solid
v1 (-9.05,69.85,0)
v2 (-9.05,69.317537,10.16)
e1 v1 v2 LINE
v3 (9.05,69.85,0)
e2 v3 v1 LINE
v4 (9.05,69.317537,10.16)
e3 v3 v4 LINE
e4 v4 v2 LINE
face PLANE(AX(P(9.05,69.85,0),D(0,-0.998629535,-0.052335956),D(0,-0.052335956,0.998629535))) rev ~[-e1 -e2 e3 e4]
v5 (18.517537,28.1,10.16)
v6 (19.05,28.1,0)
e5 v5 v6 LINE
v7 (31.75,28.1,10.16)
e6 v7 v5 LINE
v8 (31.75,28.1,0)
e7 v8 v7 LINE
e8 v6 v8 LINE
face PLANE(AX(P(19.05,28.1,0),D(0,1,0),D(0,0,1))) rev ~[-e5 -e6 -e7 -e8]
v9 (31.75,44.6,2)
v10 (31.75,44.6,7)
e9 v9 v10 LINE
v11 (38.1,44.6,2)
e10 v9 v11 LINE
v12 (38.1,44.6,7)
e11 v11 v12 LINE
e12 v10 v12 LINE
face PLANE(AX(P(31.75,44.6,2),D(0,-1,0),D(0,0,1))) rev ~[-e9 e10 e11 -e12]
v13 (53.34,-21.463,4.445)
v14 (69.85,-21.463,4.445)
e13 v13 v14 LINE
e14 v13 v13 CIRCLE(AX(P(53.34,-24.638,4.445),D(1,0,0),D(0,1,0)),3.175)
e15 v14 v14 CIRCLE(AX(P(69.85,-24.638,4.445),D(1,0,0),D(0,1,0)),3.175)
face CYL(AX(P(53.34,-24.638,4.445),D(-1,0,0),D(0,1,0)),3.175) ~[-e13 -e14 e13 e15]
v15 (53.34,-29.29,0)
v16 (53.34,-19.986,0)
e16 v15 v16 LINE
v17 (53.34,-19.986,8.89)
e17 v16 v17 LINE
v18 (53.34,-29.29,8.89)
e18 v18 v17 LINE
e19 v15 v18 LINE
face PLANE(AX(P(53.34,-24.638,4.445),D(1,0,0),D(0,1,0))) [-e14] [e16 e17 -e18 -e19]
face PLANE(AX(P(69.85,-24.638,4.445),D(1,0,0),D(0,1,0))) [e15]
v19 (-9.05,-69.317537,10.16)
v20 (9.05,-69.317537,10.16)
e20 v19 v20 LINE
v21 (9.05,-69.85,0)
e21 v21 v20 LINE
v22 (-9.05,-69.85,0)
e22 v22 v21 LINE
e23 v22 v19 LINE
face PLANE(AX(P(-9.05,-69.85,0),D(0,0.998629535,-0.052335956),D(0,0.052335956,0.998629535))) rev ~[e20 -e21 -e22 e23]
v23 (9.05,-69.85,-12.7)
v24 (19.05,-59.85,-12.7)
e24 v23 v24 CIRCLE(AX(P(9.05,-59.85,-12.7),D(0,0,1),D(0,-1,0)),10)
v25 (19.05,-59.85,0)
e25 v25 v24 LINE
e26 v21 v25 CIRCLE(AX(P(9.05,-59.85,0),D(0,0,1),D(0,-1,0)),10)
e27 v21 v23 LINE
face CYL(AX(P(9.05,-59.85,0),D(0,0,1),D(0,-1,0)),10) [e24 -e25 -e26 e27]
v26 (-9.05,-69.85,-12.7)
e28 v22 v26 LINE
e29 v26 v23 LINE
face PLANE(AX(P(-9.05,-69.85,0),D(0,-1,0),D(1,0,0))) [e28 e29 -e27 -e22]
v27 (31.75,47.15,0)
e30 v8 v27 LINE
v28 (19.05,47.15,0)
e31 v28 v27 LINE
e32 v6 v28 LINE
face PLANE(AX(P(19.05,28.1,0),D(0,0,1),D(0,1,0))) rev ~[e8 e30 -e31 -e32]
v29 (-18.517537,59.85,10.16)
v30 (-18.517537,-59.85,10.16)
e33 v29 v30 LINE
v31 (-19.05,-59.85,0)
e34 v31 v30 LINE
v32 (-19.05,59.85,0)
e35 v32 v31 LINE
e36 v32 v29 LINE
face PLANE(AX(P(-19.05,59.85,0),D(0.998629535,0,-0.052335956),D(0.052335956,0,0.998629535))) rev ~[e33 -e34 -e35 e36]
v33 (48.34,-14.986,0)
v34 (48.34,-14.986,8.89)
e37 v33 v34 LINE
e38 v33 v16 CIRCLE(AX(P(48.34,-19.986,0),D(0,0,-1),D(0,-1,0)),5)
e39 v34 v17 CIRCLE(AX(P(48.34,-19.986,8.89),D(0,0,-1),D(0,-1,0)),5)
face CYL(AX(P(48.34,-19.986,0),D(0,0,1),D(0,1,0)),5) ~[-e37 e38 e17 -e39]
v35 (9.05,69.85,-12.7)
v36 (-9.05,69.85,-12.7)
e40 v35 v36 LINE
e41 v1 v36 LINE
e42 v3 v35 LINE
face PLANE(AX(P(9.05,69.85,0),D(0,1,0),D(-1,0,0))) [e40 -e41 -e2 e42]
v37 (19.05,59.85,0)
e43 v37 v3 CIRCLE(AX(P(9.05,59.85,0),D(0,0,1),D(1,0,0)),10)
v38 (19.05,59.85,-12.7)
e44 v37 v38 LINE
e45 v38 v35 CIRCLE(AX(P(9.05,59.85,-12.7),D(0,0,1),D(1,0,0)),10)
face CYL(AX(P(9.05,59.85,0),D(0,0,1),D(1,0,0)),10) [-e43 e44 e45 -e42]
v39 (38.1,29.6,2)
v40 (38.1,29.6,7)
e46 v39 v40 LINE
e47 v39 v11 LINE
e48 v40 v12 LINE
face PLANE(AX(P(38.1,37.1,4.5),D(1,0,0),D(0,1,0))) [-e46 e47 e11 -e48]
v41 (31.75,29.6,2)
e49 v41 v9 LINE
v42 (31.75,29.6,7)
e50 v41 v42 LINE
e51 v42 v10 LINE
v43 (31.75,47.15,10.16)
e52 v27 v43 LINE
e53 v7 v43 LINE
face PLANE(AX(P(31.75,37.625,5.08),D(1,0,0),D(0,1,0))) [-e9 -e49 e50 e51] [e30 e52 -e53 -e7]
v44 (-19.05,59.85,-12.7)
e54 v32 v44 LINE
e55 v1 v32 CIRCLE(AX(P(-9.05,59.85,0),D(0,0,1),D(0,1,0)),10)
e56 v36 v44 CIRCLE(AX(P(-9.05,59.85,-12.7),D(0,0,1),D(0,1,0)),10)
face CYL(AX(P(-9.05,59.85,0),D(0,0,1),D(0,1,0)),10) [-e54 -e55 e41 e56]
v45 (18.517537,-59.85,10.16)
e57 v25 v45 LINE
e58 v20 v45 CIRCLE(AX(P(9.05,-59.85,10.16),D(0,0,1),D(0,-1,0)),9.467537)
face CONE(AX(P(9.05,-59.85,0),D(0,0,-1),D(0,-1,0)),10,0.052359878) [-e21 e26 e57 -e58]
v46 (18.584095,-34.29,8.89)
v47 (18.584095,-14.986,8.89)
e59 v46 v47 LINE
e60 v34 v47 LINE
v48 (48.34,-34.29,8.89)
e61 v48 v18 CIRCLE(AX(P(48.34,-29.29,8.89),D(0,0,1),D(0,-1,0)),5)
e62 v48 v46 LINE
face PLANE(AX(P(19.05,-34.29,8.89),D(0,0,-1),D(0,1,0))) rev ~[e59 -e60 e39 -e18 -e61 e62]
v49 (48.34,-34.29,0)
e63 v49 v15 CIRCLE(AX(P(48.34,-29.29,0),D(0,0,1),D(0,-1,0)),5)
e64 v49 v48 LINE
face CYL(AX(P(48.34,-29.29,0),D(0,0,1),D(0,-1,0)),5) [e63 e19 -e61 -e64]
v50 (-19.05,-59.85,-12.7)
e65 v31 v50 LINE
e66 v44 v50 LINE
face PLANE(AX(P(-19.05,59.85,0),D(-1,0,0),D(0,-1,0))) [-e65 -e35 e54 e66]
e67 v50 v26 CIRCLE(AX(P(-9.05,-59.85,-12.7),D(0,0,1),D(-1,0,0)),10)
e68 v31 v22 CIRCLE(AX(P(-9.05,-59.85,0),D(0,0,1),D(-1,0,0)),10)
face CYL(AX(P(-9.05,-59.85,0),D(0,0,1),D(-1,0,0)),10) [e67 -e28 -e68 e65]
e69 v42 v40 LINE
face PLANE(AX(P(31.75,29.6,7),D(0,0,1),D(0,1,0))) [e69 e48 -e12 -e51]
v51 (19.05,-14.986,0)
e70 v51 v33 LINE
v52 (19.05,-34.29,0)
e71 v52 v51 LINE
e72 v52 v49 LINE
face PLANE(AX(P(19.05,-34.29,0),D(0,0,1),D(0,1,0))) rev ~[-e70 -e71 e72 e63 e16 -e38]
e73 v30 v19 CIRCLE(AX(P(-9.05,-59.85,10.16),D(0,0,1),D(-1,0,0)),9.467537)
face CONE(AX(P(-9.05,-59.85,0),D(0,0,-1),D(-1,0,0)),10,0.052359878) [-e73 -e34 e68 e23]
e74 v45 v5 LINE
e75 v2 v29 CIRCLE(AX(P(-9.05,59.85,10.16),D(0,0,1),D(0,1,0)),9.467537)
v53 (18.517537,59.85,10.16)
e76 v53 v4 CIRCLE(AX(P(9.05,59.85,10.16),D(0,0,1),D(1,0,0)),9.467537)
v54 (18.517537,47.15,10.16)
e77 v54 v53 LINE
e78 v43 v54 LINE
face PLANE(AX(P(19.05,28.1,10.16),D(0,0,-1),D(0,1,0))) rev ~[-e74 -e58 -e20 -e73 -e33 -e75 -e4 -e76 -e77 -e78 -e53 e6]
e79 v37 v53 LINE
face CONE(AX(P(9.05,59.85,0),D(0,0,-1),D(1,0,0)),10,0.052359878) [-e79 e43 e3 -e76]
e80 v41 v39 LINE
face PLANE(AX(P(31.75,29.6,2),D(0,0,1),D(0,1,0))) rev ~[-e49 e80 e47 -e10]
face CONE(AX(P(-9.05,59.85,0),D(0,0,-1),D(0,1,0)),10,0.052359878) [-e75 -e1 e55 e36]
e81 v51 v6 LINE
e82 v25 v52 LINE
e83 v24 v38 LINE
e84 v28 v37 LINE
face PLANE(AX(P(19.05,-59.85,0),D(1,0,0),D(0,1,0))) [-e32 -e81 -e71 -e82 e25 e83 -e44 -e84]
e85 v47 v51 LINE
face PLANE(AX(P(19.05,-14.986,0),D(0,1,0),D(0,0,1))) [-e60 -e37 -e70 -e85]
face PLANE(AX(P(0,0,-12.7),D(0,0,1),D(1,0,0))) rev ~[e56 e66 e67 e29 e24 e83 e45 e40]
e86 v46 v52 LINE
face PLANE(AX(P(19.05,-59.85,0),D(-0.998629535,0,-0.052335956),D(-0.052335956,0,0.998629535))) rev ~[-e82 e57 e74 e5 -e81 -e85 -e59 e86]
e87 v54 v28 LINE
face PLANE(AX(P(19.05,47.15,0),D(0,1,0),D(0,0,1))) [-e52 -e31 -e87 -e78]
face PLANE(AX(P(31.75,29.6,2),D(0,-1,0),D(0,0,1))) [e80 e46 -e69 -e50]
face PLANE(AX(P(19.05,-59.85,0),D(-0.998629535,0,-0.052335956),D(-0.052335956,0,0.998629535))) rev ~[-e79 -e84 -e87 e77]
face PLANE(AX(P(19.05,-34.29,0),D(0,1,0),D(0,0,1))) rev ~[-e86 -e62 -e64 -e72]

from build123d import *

# Parameters (mm, degrees)
F1_DEPTH      = 12.7
F1_DEPTH_BACK = 10.16
F1_TAPER_BACK = 3
F2_W          = 19.304
F2_H          = 8.89
F3_DEPTH      = 34.29
F3_DEPTH_BACK = 0.4659051578
F4_R          = 5
F5_R          = 3.175
F6_DEPTH      = 16.51
F7_W          = 19.05
F7_H          = 10.16
F8_DEPTH      = 12.7
F8_DEPTH_BACK = 0.5324630375
F9_W          = 15
F9_H          = 5
F10_DEPTH     = 6.35


with BuildPart() as f1:
    # F0 (on Top) → F1 (new body, two sides)
    with BuildSketch(Plane.XY) as f1_sk:
        with BuildLine():
            Line((9.05, 69.85), (-9.05, 69.85))
            ThreePointArc((-9.05, 69.85), (-16.1210678119, 66.9210678119), (-19.05, 59.85))
            Line((-19.05, 59.85), (-19.05, -59.85))
            ThreePointArc((-19.05, -59.85), (-16.1210678119, -66.9210678119), (-9.05, -69.85))
            Line((-9.05, -69.85), (9.05, -69.85))
            ThreePointArc((9.05, -69.85), (16.1210678119, -66.9210678119), (19.05, -59.85))
            Line((19.05, -59.85), (19.05, 59.85))
            ThreePointArc((19.05, 59.85), (16.1210678119, 66.9210678119), (9.05, 69.85))
        make_face()
    extrude(amount=-F1_DEPTH)
    extrude(f1_sk.sketch, amount=F1_DEPTH_BACK, taper=F1_TAPER_BACK)

    # F2 (on face) → F3 (join, two sides)
    with BuildSketch(Plane.YZ.offset(19.05)) as f3_sk:
        with Locations((-24.638, 4.445)):
            Rectangle(F2_W, F2_H)
    extrude(amount=F3_DEPTH)
    extrude(f3_sk.sketch, amount=-F3_DEPTH_BACK)

    # F4
    f4_edges = [f1.edges().sort_by_distance(p)[0] for p in [
        (53.34, -34.29, 4.445),
        (53.34, -14.986, 4.445),
    ]]
    fillet(f4_edges, radius=F4_R)

    # F5 (on face) → F6 (join)
    with BuildSketch(Plane.YZ.offset(53.34)):
        with Locations((-24.638, 4.445)):
            Circle(F5_R)
    extrude(amount=F6_DEPTH)

    # F7 (on face) → F8 (join, two sides)
    with BuildSketch(Plane.YZ.offset(19.05)) as f8_sk:
        with Locations((37.625, 5.08)):
            Rectangle(F7_W, F7_H)
    extrude(amount=F8_DEPTH)
    extrude(f8_sk.sketch, amount=-F8_DEPTH_BACK)

    # F9 (on face) → F10 (join)
    with BuildSketch(Plane.YZ.offset(31.75)):
        with Locations((37.1, 4.5)):
            Rectangle(F9_W, F9_H)
    extrude(amount=F10_DEPTH)


solid = f1.part
